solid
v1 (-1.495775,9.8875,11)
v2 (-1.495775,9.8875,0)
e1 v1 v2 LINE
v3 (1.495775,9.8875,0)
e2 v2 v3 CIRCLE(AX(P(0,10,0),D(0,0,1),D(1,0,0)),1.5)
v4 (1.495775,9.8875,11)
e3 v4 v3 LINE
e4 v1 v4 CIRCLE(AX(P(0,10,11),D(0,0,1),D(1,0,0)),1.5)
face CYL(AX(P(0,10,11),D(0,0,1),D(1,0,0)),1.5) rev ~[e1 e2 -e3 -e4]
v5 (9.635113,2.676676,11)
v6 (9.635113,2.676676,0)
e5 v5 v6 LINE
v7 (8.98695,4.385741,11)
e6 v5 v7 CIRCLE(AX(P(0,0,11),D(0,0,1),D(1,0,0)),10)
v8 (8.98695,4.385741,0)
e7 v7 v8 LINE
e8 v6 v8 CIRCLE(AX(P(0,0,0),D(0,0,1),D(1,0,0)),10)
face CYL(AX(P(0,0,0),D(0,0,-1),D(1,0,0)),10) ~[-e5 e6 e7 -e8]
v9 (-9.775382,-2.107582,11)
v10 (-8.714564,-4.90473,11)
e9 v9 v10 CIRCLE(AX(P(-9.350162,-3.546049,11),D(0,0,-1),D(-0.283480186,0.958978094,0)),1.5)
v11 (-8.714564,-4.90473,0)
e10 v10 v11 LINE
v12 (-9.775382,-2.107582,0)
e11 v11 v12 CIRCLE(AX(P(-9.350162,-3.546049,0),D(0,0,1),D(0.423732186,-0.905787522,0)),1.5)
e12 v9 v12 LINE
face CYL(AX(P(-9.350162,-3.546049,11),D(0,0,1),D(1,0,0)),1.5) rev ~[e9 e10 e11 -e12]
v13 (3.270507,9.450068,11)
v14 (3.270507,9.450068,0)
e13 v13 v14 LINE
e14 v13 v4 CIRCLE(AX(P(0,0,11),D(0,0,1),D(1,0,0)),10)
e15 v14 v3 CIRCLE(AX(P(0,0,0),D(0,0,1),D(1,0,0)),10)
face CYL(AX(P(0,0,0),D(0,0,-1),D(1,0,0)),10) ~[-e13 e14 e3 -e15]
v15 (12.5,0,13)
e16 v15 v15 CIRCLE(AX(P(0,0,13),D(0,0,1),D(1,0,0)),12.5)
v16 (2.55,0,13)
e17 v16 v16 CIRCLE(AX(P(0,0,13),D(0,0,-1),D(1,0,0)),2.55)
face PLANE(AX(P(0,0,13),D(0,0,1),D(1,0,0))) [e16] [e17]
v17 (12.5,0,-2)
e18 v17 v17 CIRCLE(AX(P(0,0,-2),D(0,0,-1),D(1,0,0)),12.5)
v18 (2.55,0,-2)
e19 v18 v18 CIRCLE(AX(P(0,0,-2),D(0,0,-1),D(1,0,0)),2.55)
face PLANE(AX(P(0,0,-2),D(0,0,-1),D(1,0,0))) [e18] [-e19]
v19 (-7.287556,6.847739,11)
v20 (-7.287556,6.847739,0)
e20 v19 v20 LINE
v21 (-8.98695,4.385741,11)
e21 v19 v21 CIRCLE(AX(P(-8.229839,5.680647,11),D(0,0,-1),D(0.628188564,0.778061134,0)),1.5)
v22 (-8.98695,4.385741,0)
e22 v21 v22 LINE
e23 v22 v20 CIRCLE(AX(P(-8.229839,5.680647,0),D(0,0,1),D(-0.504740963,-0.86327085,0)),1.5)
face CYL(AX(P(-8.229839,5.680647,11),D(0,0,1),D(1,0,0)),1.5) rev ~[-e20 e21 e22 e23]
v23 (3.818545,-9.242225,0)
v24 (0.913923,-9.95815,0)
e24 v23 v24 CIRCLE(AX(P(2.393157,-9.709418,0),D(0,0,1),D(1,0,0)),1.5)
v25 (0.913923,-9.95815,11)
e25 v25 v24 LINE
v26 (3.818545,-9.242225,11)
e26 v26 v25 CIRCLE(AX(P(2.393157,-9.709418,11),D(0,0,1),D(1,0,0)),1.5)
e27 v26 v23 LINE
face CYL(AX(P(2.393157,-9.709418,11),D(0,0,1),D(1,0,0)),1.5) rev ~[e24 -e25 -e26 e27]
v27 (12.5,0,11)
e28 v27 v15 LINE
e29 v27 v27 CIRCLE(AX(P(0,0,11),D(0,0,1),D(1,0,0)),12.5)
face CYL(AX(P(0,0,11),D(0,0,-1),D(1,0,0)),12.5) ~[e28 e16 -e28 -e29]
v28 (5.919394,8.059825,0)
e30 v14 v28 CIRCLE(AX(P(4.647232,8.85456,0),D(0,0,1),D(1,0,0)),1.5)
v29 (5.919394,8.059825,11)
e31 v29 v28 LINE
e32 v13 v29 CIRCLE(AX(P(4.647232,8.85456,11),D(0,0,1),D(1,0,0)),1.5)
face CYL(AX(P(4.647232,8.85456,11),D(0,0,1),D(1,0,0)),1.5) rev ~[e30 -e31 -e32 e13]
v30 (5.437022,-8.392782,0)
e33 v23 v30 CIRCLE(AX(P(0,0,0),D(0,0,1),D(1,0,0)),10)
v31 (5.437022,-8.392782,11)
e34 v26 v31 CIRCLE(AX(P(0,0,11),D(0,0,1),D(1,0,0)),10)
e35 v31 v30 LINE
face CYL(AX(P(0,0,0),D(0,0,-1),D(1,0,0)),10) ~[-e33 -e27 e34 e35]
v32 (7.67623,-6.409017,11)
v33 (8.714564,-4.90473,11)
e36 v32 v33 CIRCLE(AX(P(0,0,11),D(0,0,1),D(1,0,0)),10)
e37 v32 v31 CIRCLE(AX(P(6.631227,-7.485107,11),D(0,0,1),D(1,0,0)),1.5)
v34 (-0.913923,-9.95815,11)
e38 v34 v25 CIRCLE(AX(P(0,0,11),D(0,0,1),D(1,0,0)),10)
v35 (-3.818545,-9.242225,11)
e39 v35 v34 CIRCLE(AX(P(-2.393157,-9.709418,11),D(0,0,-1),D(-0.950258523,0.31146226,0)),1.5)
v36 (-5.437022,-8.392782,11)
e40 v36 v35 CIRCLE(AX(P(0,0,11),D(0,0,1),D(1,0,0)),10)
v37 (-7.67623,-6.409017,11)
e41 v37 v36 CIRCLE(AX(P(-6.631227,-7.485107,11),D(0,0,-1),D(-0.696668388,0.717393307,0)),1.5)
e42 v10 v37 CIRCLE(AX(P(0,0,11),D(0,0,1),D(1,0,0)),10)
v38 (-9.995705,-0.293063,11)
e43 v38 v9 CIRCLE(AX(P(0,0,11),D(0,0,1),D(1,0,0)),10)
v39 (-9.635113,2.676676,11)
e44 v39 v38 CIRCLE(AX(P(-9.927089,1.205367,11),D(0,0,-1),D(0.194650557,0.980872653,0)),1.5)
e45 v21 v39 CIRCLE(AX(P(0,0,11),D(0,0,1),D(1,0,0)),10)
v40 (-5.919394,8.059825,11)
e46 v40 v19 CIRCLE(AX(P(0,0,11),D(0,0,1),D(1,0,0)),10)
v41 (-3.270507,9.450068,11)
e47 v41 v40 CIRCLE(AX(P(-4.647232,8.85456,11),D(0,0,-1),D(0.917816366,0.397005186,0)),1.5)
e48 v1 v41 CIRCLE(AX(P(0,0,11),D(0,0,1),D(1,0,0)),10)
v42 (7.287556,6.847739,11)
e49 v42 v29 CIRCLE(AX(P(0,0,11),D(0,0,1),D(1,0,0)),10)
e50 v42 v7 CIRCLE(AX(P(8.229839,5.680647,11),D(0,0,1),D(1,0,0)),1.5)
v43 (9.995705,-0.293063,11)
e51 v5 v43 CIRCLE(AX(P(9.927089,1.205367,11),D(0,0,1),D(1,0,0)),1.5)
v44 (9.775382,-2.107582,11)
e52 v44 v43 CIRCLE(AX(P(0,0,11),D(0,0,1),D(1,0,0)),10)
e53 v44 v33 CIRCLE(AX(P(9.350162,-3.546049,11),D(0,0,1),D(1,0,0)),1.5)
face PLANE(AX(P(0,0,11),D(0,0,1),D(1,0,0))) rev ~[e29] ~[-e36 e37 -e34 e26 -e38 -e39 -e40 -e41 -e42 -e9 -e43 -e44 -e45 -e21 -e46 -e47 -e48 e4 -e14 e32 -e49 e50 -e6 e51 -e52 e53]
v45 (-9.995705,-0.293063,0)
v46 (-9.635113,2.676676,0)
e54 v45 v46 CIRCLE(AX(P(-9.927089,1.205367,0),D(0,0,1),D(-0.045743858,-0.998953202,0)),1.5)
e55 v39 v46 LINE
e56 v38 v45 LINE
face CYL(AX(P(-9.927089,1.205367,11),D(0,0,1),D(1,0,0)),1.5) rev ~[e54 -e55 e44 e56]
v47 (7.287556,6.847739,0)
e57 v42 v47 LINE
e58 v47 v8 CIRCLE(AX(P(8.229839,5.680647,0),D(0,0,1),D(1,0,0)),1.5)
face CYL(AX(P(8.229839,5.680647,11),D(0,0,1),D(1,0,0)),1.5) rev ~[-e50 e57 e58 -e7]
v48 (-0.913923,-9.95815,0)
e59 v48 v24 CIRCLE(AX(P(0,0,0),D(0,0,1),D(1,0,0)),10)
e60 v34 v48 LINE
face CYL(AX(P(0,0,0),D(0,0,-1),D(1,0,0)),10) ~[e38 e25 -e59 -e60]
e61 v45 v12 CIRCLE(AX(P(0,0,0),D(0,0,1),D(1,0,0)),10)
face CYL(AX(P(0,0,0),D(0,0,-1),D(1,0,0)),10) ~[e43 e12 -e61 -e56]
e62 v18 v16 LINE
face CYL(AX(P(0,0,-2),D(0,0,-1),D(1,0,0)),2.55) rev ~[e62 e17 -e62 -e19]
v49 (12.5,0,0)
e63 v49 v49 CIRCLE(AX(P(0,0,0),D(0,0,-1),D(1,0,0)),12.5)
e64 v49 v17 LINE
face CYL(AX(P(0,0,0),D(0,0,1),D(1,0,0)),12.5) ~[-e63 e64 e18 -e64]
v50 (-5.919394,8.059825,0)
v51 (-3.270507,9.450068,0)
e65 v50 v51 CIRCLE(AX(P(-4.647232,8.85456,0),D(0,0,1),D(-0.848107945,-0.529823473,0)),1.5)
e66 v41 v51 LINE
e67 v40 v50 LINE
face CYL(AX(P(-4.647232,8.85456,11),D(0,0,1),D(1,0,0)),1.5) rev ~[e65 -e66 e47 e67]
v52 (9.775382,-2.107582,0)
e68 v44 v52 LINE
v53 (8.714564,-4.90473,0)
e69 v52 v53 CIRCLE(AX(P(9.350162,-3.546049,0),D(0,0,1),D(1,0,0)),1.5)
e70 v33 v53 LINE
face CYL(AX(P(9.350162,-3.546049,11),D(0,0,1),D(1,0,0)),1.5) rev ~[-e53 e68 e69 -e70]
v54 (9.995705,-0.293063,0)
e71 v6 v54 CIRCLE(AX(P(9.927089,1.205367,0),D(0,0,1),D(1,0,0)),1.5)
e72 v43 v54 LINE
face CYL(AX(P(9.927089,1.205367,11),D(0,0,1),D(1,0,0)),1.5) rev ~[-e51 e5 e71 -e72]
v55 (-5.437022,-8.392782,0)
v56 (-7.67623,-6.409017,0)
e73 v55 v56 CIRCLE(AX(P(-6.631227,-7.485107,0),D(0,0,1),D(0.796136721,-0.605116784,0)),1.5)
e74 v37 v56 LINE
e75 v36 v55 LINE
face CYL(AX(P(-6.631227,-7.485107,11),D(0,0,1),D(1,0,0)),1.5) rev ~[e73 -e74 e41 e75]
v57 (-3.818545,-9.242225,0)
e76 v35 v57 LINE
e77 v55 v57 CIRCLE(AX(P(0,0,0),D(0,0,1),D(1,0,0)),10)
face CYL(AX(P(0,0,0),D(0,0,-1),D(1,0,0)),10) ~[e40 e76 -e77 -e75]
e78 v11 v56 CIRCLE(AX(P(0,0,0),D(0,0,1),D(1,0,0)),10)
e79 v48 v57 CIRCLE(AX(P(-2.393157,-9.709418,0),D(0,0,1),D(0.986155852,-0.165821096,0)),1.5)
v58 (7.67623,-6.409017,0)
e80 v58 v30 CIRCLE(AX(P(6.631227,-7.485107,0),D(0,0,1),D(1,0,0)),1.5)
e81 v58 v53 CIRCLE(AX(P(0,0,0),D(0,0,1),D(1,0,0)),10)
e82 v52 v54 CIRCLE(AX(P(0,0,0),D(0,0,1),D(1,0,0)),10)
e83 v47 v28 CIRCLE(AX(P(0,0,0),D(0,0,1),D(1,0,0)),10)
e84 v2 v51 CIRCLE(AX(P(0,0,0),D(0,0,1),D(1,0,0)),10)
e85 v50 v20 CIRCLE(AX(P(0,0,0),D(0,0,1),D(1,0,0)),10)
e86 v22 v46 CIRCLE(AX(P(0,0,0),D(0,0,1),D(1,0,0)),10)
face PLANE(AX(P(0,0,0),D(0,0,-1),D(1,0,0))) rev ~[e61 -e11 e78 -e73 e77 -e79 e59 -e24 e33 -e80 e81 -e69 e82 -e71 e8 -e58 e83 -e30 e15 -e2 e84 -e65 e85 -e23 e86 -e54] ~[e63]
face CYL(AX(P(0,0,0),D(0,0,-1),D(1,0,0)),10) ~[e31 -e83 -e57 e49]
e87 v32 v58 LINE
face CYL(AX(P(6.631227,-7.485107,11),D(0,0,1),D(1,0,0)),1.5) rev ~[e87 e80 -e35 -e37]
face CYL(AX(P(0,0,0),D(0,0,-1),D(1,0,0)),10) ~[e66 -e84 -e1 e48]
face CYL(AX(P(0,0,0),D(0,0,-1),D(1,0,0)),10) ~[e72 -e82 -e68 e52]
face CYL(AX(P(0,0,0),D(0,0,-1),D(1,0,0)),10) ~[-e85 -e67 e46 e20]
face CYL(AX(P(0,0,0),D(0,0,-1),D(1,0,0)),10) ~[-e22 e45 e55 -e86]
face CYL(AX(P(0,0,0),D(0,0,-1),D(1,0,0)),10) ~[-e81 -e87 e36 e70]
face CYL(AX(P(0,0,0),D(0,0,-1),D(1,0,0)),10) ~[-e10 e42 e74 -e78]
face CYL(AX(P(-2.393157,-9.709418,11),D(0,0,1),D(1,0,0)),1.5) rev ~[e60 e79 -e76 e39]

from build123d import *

# Parameters (mm, degrees)
F0_R     = 10
F1_DEPTH = 11
F2_R     = 1.5
F3_DEPTH = 25
F4_R     = 12.5
F5_DEPTH = 2
F6_R     = 12.5
F7_DEPTH = 2
F8_R     = 2.55
F9_DEPTH = 15.001


with BuildPart() as f1:
    # F0 (on Top) → F1 (new body)
    with BuildSketch(Plane.XY):
        Circle(F0_R)
    extrude(amount=F1_DEPTH)

    # F2 (on face) → F3 (cut)
    with BuildSketch(Plane.XY.offset(11)):
        with Locations((0, 10)):
            Circle(F2_R)
        with Locations((-4.647232, 8.85456)):
            Circle(F2_R)
        with Locations((-8.229839, 5.680647)):
            Circle(F2_R)
        with Locations((-9.927089, 1.205367)):
            Circle(F2_R)
        with Locations((-9.350162, -3.546049)):
            Circle(F2_R)
        with Locations((-6.631227, -7.485107)):
            Circle(F2_R)
        with Locations((-2.393157, -9.709418)):
            Circle(F2_R)
        with Locations((2.393157, -9.709418)):
            Circle(F2_R)
        with Locations((6.631227, -7.485107)):
            Circle(F2_R)
        with Locations((9.350162, -3.546049)):
            Circle(F2_R)
        with Locations((9.927089, 1.205367)):
            Circle(F2_R)
        with Locations((8.229839, 5.680647)):
            Circle(F2_R)
        with Locations((4.647232, 8.85456)):
            Circle(F2_R)
    extrude(amount=-F3_DEPTH, mode=Mode.SUBTRACT)

    # F4 (on face) → F5 (join)
    with BuildSketch(Plane(origin=(0, 0, 0), x_dir=(1, 0, 0), z_dir=(0, 0, -1))):
        Circle(F4_R)
    extrude(amount=F5_DEPTH)

    # F6 (on face) → F7 (join)
    with BuildSketch(Plane.XY.offset(11)):
        Circle(F6_R)
    extrude(amount=F7_DEPTH)

    # F8 (on face) → F9 (cut, through all)
    with BuildSketch(Plane(origin=(0, 0, -2), x_dir=(1, 0, 0), z_dir=(0, 0, -1))):
        Circle(F8_R)
    extrude(amount=-F9_DEPTH, mode=Mode.SUBTRACT)


solid = f1.part
